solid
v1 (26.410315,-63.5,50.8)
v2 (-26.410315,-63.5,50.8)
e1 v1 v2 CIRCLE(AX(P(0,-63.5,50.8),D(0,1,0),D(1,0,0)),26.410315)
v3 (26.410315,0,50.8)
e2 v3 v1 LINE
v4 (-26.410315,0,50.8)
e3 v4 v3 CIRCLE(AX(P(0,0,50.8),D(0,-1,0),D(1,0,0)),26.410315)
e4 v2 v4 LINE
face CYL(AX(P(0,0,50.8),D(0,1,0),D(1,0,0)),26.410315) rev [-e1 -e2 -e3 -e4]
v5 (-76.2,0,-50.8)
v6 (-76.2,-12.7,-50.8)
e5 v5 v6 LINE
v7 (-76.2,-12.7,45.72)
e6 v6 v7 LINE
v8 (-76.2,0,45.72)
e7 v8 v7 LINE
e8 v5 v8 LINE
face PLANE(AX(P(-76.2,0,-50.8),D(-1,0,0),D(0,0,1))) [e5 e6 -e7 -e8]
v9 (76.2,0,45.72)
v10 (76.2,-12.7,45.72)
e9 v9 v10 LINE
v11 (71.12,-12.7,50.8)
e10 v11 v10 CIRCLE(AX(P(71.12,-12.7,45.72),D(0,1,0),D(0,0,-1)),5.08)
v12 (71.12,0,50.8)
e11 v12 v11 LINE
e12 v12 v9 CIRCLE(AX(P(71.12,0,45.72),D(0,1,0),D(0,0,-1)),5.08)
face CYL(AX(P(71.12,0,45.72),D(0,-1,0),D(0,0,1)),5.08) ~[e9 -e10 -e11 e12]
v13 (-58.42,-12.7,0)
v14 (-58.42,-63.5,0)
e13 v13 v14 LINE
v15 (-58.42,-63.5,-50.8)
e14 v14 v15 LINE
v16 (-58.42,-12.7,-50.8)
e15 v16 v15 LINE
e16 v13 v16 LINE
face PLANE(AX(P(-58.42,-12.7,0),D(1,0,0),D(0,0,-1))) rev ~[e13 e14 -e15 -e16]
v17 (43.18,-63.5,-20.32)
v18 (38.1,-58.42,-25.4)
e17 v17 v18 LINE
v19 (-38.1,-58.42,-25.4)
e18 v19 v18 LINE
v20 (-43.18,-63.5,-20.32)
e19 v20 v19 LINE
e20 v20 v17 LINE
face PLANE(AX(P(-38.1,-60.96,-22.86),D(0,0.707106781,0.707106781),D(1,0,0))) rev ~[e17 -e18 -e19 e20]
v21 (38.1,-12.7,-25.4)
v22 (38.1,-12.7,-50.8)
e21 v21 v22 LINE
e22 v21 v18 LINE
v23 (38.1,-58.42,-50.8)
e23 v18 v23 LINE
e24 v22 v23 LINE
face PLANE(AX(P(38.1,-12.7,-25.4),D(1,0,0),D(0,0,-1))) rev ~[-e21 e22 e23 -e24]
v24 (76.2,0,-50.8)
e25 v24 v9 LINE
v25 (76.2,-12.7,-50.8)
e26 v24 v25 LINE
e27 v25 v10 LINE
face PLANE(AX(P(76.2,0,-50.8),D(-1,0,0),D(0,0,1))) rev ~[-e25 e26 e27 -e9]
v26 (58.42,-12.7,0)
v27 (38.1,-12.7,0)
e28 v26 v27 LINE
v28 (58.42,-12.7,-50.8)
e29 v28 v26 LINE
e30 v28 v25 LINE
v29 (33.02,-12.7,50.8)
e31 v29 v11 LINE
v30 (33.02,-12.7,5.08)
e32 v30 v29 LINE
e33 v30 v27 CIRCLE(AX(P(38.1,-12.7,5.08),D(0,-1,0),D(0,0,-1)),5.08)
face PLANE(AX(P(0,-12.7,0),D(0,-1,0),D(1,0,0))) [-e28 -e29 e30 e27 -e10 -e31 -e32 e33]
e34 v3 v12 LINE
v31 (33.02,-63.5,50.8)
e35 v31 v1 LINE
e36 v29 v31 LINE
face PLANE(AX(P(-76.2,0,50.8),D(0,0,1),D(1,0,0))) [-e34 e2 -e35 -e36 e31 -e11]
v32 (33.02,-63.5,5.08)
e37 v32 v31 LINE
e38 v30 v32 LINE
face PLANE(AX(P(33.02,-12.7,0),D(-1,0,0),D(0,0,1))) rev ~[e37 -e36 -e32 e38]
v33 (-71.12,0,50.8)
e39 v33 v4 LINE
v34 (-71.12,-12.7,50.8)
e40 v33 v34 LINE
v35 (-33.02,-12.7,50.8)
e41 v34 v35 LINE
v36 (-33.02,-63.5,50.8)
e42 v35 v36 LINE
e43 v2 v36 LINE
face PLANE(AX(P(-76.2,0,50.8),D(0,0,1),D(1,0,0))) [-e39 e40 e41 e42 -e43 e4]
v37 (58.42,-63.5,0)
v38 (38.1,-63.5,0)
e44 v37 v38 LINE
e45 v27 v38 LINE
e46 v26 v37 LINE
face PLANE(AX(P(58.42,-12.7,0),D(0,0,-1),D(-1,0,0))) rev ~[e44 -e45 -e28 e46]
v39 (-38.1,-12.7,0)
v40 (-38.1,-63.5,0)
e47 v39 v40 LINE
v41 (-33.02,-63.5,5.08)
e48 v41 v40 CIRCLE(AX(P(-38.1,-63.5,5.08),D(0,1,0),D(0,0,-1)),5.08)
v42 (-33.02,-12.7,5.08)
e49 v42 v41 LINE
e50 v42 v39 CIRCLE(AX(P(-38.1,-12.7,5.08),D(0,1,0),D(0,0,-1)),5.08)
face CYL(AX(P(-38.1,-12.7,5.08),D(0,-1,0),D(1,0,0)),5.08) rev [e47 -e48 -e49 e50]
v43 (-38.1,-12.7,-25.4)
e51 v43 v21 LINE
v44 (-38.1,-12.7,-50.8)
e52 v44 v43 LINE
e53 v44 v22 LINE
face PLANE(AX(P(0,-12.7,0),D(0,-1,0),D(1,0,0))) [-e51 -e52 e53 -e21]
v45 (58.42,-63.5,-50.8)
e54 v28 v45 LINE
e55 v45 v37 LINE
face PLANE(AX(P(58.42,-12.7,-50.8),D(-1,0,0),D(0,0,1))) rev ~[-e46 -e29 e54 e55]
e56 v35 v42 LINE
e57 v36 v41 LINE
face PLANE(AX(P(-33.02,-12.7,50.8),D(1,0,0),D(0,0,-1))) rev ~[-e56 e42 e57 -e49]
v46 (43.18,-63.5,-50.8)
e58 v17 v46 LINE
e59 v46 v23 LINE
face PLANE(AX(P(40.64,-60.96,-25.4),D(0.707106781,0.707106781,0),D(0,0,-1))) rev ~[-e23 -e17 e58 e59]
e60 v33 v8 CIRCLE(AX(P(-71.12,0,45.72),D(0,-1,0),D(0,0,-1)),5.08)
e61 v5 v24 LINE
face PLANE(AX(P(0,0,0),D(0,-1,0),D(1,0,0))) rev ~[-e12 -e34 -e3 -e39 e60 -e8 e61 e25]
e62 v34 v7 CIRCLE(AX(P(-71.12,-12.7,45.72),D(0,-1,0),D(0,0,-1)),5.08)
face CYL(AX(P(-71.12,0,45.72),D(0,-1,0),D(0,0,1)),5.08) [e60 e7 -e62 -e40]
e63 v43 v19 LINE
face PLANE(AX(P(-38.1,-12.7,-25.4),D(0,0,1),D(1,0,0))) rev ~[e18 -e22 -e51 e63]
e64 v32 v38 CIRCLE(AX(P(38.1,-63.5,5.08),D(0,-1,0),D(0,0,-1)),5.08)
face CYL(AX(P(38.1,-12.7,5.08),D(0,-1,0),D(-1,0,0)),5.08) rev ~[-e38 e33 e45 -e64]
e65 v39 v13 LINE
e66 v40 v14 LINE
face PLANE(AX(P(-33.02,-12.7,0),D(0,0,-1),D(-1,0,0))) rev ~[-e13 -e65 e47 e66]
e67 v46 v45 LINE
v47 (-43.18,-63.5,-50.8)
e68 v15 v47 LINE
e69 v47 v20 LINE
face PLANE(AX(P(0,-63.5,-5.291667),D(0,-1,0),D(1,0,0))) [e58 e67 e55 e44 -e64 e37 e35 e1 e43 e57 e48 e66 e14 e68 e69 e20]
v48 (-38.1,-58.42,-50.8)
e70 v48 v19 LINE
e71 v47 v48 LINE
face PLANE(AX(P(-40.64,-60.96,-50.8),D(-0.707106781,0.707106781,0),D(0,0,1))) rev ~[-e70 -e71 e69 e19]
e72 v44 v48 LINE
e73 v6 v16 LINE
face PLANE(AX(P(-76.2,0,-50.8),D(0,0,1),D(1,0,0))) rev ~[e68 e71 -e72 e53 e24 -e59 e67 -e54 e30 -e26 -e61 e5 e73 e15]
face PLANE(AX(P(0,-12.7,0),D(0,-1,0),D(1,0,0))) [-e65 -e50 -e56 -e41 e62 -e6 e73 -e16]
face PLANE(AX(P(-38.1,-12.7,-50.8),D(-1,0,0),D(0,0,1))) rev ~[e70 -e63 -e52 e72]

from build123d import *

# Parameters (mm, degrees)
F0_W     = 152.4
F0_H     = 101.6
F1_DEPTH = 12.7
F3_DEPTH = 50.8
F4_R     = 5.08
F5_R     = 5.08
F6_R     = 5.08
F7_R     = 5.08
F8_R     = 26.410315
F9_DEPTH = 63.501
F10_SIZE = 5.08


with BuildPart() as f1:
    # F0 (on Front) → F1 (new body)
    with BuildSketch(Plane.XZ):
        Rectangle(F0_W, F0_H)
    extrude(amount=F1_DEPTH)

    # F2 (on face) → F3 (join)
    with BuildSketch(Plane.XZ.offset(12.7)):
        Polygon((33.02, 50.8), (-33.02, 50.8), (-33.02, 0), (-58.42, 0), (-58.42, -50.8), (-38.1, -50.8), (-38.1, -25.4), (38.1, -25.4), (38.1, -50.8), (58.42, -50.8), (58.42, 0), (33.02, 0), align=None)
    extrude(amount=F3_DEPTH)

    # F4
    f4_edges = [f1.edges().sort_by_distance(p)[0] for p in [
        (76.2, -6.35, 50.8),
    ]]
    fillet(f4_edges, radius=F4_R)

    # F5
    f5_edges = [f1.edges().sort_by_distance(p)[0] for p in [
        (-76.2, -6.35, 50.8),
    ]]
    fillet(f5_edges, radius=F5_R)

    # F6
    f6_edges = [f1.edges().sort_by_distance(p)[0] for p in [
        (33.02, -38.1, 0),
    ]]
    fillet(f6_edges, radius=F6_R)

    # F7
    f7_edges = [f1.edges().sort_by_distance(p)[0] for p in [
        (-33.02, -38.1, 0),
    ]]
    fillet(f7_edges, radius=F7_R)

    # F8 (on Front) → F9 (cut, through all)
    with BuildSketch(Plane.XZ):
        with Locations((0, 50.8)):
            Circle(F8_R)
    extrude(amount=F9_DEPTH, mode=Mode.SUBTRACT)

    # F10
    f10_edges = [f1.edges().sort_by_distance(p)[0] for p in [
        (0, -63.5, -25.4),
        (-38.1, -63.5, -38.1),
        (38.1, -63.5, -38.1),
    ]]
    chamfer(f10_edges, length=F10_SIZE)


solid = f1.part
